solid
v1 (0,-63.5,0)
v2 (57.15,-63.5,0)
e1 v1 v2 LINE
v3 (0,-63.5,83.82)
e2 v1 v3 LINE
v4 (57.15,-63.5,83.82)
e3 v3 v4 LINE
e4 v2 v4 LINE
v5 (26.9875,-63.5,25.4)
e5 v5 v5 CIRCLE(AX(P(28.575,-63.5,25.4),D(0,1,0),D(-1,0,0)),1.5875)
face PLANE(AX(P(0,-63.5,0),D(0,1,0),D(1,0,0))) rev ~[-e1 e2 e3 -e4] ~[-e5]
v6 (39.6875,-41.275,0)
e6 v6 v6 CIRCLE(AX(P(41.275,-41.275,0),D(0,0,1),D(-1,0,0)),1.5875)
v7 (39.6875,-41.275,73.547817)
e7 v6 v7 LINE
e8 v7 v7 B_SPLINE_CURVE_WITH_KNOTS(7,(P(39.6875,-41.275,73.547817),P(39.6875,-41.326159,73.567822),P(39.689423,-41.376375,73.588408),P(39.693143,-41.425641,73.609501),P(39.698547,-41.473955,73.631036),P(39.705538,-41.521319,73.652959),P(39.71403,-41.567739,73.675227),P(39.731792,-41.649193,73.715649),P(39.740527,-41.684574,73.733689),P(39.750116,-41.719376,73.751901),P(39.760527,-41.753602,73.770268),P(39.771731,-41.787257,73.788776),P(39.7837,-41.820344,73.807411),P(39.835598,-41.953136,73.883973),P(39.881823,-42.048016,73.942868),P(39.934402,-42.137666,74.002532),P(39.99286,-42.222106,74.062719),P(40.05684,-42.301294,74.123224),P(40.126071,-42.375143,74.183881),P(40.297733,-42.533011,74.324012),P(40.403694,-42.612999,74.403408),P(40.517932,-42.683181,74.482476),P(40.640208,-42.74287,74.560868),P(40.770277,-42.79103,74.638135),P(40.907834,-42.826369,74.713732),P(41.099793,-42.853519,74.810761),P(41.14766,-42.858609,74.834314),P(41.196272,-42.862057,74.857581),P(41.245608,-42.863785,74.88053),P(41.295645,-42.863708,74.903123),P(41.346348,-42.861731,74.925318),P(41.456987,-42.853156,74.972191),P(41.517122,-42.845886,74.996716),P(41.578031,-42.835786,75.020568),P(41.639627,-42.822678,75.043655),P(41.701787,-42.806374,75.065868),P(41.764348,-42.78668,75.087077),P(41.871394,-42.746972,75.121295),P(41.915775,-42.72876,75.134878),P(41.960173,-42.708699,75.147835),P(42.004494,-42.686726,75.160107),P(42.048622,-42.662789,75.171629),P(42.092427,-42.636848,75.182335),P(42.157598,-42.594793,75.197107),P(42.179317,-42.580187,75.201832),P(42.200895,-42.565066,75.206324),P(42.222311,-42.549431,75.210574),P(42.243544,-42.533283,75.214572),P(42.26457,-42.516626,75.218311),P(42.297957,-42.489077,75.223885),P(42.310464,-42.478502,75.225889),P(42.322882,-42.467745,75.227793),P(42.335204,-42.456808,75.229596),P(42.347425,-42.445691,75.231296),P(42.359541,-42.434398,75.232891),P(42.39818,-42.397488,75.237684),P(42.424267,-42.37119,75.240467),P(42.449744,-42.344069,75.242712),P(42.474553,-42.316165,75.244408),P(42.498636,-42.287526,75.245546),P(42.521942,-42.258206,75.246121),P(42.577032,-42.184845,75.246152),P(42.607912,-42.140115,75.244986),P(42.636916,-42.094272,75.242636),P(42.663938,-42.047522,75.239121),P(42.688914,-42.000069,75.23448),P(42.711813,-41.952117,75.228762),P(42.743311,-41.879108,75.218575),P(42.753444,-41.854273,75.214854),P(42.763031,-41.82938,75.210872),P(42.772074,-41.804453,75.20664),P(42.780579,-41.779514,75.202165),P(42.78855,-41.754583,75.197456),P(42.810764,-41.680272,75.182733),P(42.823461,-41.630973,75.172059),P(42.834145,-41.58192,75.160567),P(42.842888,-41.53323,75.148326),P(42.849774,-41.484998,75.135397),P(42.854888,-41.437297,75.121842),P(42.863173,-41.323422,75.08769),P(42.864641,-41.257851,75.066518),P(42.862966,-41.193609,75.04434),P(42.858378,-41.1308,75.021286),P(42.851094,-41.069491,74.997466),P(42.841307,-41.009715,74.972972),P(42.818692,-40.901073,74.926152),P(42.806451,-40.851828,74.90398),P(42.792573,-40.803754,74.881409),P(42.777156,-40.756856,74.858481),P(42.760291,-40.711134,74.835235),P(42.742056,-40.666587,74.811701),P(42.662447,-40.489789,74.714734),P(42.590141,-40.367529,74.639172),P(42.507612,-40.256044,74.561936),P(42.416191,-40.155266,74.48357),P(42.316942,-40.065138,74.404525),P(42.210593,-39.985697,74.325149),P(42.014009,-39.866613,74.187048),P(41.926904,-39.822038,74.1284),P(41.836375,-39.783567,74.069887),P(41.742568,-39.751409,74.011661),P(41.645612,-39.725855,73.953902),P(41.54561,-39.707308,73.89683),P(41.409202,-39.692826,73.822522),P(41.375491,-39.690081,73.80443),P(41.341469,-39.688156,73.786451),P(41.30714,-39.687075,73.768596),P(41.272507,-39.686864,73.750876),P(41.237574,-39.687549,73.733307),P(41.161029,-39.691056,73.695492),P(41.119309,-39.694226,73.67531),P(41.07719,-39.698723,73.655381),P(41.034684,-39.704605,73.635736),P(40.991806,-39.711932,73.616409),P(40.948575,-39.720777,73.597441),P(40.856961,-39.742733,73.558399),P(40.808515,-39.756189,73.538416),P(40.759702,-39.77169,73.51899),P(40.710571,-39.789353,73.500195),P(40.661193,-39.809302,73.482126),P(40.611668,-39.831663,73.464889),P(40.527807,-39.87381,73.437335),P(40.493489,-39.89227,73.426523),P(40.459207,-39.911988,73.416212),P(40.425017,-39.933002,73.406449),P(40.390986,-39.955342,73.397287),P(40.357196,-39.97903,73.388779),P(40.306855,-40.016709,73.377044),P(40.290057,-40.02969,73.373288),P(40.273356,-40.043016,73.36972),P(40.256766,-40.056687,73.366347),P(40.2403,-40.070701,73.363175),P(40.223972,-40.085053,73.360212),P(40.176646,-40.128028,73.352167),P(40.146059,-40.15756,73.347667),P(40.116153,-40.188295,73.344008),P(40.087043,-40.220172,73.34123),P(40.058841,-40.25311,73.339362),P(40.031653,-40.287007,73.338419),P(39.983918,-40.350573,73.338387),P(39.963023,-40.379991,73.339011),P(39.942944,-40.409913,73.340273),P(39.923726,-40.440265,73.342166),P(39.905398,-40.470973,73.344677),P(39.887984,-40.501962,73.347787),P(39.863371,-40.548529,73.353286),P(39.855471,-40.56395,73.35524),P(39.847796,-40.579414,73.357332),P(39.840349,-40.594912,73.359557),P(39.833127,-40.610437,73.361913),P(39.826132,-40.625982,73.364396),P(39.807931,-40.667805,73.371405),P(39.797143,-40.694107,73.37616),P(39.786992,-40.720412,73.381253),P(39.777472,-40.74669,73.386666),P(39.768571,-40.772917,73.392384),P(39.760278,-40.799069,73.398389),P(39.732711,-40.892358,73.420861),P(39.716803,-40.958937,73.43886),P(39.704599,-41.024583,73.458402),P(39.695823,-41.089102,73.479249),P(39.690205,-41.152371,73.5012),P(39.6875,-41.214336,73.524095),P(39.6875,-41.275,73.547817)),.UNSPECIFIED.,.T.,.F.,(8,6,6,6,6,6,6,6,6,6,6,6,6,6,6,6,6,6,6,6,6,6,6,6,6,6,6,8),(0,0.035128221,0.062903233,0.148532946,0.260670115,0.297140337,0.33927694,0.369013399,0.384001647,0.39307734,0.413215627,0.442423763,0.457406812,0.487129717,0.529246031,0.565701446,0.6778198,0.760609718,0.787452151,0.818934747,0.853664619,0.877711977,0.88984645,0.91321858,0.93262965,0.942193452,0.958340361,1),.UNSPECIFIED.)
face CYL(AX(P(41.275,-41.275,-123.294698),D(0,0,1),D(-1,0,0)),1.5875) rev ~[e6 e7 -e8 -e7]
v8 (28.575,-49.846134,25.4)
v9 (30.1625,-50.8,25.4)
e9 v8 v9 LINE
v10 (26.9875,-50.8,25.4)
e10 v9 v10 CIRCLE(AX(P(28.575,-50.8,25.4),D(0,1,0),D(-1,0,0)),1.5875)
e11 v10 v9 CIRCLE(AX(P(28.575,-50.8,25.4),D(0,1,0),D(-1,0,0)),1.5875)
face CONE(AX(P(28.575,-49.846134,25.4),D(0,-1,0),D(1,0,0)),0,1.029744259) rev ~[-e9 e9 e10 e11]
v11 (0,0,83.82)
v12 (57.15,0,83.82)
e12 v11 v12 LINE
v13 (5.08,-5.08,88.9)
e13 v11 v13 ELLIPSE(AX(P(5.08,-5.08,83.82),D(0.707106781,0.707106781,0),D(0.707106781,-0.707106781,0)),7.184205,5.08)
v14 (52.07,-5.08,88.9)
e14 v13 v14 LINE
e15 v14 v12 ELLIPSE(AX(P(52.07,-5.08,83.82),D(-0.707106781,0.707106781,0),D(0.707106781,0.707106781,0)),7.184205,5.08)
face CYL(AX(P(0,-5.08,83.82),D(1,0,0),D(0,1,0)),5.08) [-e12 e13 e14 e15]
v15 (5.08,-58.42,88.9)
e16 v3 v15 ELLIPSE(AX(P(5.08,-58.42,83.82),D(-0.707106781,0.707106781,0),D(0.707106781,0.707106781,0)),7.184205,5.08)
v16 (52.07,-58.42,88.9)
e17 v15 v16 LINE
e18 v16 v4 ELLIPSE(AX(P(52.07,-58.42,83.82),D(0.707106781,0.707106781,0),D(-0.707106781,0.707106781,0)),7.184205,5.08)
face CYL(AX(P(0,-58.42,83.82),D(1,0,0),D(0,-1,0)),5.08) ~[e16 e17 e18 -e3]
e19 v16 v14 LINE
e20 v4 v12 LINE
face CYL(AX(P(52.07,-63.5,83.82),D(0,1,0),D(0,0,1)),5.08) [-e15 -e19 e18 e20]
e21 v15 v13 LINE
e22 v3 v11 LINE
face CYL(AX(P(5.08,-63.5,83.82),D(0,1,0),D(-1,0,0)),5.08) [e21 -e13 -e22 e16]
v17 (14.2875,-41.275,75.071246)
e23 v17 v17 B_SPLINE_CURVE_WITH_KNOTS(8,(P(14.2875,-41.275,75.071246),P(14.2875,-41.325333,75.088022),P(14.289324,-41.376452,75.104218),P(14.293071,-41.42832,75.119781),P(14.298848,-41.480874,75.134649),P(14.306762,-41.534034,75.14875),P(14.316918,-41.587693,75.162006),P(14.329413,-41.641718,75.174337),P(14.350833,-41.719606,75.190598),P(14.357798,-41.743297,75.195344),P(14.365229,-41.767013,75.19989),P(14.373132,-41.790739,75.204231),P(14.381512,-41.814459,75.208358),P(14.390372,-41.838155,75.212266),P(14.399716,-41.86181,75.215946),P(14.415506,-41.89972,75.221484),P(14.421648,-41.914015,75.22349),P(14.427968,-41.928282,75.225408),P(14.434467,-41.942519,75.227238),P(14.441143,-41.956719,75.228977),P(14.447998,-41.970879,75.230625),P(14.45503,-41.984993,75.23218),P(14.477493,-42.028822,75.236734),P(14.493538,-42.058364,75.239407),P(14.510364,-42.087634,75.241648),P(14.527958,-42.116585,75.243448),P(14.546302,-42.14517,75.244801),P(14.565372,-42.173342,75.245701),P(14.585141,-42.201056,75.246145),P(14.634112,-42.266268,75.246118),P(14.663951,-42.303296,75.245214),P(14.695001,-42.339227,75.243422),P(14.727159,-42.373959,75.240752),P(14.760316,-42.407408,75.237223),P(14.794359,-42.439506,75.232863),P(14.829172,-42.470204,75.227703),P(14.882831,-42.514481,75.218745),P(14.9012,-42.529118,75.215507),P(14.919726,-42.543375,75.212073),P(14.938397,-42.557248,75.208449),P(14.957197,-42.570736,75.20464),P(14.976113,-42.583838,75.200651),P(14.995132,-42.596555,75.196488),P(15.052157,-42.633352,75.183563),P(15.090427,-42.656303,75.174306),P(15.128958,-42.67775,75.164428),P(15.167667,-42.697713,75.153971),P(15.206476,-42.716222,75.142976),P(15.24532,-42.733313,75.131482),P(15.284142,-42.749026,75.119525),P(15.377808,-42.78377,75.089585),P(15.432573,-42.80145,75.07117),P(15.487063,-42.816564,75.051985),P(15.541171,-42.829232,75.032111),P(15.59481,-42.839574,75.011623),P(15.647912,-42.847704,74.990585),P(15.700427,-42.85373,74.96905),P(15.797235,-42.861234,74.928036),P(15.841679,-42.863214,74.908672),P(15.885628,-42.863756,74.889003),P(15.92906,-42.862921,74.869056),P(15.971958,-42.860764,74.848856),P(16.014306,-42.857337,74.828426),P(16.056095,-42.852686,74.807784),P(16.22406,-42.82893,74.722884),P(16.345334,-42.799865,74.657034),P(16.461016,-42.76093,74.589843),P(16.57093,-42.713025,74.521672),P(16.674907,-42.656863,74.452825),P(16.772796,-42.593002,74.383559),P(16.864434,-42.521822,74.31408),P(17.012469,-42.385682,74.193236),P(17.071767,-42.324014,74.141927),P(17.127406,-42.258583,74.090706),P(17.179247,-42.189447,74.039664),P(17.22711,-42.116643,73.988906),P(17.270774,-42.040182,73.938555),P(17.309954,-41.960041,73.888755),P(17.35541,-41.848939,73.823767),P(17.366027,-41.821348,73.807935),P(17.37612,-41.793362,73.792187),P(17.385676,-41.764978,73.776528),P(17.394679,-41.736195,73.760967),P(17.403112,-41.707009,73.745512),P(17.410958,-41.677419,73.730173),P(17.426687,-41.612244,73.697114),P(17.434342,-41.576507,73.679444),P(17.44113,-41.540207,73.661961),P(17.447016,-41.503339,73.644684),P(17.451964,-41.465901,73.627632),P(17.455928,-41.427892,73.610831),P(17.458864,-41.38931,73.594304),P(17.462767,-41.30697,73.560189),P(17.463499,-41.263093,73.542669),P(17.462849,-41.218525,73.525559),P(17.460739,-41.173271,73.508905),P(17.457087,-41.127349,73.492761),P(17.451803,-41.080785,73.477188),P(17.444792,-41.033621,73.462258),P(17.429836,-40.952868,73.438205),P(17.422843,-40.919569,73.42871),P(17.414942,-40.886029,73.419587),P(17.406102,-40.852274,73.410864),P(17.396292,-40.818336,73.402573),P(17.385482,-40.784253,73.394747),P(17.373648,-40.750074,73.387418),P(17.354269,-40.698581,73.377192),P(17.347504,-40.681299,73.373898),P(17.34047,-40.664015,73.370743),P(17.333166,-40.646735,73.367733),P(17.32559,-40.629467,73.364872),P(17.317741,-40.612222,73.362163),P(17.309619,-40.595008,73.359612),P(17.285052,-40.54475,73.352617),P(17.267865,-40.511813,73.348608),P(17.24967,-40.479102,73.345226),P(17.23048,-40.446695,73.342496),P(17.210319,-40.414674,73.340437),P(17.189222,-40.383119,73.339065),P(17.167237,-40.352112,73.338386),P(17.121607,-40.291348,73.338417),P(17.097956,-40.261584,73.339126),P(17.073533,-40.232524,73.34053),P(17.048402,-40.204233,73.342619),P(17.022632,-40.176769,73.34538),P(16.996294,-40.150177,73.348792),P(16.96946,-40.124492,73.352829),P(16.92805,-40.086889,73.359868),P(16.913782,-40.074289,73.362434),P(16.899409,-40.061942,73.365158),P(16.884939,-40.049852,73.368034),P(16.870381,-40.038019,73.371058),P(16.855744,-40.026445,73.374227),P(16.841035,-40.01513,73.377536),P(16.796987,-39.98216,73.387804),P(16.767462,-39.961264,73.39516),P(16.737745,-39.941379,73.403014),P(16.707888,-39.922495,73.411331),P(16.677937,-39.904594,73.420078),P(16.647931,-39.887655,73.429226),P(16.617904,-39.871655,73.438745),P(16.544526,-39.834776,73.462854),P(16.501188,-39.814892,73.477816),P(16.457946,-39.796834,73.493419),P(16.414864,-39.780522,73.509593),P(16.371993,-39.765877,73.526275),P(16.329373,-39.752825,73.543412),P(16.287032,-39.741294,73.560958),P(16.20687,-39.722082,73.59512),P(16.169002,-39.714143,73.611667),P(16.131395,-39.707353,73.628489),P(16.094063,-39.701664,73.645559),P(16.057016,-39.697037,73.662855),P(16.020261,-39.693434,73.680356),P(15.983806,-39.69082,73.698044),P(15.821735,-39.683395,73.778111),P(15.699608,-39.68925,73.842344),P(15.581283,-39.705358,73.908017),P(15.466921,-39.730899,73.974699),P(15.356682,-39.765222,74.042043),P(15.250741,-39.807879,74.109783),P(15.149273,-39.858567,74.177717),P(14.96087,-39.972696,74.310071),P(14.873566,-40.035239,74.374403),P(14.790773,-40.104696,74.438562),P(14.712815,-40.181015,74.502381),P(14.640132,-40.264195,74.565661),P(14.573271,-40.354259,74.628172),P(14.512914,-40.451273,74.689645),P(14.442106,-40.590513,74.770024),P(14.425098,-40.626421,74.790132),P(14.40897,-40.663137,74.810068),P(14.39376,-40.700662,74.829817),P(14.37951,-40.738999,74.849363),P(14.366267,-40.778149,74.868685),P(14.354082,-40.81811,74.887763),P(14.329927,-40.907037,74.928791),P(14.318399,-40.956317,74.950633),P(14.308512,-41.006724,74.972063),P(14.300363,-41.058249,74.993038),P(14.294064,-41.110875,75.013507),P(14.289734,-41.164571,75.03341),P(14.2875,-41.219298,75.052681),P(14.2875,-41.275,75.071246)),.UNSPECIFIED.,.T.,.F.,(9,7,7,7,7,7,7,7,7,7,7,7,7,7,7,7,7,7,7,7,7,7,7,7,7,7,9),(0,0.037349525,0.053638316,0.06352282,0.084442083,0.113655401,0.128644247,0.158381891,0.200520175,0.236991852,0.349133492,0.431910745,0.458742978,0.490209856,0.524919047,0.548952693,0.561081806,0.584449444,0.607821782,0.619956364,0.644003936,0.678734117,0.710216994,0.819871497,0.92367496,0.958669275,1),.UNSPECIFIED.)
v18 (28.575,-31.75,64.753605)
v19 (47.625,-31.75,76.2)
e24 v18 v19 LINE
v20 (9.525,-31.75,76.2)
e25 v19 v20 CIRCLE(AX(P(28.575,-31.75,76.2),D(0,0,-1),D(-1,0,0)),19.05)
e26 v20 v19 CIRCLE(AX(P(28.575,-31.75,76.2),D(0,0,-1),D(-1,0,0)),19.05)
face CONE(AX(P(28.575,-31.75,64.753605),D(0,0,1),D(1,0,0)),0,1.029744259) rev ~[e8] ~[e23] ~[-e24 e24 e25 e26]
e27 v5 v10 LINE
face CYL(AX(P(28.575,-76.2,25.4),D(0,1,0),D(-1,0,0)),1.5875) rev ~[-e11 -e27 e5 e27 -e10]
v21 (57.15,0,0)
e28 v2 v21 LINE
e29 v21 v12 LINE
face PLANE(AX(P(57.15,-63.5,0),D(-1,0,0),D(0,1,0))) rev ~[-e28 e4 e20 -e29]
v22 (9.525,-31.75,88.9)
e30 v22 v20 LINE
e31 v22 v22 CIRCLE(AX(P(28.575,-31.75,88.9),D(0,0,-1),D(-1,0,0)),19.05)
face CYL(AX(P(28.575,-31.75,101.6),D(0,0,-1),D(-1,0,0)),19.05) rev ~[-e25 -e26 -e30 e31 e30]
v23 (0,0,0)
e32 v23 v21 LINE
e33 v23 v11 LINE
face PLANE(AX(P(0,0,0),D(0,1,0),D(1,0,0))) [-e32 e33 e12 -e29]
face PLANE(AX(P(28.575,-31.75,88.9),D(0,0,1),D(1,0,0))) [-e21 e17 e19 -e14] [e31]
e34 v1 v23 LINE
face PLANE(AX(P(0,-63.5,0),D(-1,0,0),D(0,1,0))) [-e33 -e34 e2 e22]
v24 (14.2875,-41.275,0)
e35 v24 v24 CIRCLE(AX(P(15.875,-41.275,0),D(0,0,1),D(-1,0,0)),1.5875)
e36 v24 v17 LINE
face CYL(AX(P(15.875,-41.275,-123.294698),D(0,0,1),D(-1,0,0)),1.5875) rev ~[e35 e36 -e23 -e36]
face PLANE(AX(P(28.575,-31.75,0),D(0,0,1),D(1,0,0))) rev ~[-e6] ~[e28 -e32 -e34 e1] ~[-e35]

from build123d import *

# Parameters (mm, degrees)
F0_W     = 57.15
F0_H     = 63.5
F1_DEPTH = 88.9
F3_D     = 38.1
F3_DEPTH = 12.7
F3_TIP   = 11.4463947925
F4_R     = 5.08
F6_D     = 3.175
F6_DEPTH = 12.7
F6_TIP   = 0.9538662327
F8_D     = 3.175


with BuildPart() as f1:
    # F0 (on Top) → F1 (new body)
    with BuildSketch(Plane.XY):
        with Locations((28.575, -31.75)):
            Rectangle(F0_W, F0_H)
    extrude(amount=F1_DEPTH)

    # F3
    with Locations(Plane.XY.offset(88.9)):
        with Locations((28.575, -31.75)):
            Hole(F3_D / 2, depth=F3_DEPTH)
            with Locations((0, 0, -(F3_DEPTH + F3_TIP / 2))):  # 118° drill point
                Cone(0, F3_D / 2, F3_TIP, mode=Mode.SUBTRACT)

    # F4
    f4_edges = [f1.edges().sort_by_distance(p)[0] for p in [
        (57.15, -31.75, 88.9),
        (28.575, 0, 88.9),
        (0, -31.75, 88.9),
        (28.575, -63.5, 88.9),
    ]]
    fillet(f4_edges, radius=F4_R)

    # F6
    with Locations(Plane.XZ.offset(63.5)):
        with Locations((28.575, 25.4)):
            Hole(F6_D / 2, depth=F6_DEPTH)
            with Locations((0, 0, -(F6_DEPTH + F6_TIP / 2))):  # 118° drill point
                Cone(0, F6_D / 2, F6_TIP, mode=Mode.SUBTRACT)

    # F8 (through all)
    with Locations(Plane(origin=(0, 0, 0), x_dir=(1, 0, 0), z_dir=(0, 0, -1))):
        with Locations((41.275, 41.275), (15.875, 41.275)):
            Hole(F8_D / 2)


solid = f1.part
